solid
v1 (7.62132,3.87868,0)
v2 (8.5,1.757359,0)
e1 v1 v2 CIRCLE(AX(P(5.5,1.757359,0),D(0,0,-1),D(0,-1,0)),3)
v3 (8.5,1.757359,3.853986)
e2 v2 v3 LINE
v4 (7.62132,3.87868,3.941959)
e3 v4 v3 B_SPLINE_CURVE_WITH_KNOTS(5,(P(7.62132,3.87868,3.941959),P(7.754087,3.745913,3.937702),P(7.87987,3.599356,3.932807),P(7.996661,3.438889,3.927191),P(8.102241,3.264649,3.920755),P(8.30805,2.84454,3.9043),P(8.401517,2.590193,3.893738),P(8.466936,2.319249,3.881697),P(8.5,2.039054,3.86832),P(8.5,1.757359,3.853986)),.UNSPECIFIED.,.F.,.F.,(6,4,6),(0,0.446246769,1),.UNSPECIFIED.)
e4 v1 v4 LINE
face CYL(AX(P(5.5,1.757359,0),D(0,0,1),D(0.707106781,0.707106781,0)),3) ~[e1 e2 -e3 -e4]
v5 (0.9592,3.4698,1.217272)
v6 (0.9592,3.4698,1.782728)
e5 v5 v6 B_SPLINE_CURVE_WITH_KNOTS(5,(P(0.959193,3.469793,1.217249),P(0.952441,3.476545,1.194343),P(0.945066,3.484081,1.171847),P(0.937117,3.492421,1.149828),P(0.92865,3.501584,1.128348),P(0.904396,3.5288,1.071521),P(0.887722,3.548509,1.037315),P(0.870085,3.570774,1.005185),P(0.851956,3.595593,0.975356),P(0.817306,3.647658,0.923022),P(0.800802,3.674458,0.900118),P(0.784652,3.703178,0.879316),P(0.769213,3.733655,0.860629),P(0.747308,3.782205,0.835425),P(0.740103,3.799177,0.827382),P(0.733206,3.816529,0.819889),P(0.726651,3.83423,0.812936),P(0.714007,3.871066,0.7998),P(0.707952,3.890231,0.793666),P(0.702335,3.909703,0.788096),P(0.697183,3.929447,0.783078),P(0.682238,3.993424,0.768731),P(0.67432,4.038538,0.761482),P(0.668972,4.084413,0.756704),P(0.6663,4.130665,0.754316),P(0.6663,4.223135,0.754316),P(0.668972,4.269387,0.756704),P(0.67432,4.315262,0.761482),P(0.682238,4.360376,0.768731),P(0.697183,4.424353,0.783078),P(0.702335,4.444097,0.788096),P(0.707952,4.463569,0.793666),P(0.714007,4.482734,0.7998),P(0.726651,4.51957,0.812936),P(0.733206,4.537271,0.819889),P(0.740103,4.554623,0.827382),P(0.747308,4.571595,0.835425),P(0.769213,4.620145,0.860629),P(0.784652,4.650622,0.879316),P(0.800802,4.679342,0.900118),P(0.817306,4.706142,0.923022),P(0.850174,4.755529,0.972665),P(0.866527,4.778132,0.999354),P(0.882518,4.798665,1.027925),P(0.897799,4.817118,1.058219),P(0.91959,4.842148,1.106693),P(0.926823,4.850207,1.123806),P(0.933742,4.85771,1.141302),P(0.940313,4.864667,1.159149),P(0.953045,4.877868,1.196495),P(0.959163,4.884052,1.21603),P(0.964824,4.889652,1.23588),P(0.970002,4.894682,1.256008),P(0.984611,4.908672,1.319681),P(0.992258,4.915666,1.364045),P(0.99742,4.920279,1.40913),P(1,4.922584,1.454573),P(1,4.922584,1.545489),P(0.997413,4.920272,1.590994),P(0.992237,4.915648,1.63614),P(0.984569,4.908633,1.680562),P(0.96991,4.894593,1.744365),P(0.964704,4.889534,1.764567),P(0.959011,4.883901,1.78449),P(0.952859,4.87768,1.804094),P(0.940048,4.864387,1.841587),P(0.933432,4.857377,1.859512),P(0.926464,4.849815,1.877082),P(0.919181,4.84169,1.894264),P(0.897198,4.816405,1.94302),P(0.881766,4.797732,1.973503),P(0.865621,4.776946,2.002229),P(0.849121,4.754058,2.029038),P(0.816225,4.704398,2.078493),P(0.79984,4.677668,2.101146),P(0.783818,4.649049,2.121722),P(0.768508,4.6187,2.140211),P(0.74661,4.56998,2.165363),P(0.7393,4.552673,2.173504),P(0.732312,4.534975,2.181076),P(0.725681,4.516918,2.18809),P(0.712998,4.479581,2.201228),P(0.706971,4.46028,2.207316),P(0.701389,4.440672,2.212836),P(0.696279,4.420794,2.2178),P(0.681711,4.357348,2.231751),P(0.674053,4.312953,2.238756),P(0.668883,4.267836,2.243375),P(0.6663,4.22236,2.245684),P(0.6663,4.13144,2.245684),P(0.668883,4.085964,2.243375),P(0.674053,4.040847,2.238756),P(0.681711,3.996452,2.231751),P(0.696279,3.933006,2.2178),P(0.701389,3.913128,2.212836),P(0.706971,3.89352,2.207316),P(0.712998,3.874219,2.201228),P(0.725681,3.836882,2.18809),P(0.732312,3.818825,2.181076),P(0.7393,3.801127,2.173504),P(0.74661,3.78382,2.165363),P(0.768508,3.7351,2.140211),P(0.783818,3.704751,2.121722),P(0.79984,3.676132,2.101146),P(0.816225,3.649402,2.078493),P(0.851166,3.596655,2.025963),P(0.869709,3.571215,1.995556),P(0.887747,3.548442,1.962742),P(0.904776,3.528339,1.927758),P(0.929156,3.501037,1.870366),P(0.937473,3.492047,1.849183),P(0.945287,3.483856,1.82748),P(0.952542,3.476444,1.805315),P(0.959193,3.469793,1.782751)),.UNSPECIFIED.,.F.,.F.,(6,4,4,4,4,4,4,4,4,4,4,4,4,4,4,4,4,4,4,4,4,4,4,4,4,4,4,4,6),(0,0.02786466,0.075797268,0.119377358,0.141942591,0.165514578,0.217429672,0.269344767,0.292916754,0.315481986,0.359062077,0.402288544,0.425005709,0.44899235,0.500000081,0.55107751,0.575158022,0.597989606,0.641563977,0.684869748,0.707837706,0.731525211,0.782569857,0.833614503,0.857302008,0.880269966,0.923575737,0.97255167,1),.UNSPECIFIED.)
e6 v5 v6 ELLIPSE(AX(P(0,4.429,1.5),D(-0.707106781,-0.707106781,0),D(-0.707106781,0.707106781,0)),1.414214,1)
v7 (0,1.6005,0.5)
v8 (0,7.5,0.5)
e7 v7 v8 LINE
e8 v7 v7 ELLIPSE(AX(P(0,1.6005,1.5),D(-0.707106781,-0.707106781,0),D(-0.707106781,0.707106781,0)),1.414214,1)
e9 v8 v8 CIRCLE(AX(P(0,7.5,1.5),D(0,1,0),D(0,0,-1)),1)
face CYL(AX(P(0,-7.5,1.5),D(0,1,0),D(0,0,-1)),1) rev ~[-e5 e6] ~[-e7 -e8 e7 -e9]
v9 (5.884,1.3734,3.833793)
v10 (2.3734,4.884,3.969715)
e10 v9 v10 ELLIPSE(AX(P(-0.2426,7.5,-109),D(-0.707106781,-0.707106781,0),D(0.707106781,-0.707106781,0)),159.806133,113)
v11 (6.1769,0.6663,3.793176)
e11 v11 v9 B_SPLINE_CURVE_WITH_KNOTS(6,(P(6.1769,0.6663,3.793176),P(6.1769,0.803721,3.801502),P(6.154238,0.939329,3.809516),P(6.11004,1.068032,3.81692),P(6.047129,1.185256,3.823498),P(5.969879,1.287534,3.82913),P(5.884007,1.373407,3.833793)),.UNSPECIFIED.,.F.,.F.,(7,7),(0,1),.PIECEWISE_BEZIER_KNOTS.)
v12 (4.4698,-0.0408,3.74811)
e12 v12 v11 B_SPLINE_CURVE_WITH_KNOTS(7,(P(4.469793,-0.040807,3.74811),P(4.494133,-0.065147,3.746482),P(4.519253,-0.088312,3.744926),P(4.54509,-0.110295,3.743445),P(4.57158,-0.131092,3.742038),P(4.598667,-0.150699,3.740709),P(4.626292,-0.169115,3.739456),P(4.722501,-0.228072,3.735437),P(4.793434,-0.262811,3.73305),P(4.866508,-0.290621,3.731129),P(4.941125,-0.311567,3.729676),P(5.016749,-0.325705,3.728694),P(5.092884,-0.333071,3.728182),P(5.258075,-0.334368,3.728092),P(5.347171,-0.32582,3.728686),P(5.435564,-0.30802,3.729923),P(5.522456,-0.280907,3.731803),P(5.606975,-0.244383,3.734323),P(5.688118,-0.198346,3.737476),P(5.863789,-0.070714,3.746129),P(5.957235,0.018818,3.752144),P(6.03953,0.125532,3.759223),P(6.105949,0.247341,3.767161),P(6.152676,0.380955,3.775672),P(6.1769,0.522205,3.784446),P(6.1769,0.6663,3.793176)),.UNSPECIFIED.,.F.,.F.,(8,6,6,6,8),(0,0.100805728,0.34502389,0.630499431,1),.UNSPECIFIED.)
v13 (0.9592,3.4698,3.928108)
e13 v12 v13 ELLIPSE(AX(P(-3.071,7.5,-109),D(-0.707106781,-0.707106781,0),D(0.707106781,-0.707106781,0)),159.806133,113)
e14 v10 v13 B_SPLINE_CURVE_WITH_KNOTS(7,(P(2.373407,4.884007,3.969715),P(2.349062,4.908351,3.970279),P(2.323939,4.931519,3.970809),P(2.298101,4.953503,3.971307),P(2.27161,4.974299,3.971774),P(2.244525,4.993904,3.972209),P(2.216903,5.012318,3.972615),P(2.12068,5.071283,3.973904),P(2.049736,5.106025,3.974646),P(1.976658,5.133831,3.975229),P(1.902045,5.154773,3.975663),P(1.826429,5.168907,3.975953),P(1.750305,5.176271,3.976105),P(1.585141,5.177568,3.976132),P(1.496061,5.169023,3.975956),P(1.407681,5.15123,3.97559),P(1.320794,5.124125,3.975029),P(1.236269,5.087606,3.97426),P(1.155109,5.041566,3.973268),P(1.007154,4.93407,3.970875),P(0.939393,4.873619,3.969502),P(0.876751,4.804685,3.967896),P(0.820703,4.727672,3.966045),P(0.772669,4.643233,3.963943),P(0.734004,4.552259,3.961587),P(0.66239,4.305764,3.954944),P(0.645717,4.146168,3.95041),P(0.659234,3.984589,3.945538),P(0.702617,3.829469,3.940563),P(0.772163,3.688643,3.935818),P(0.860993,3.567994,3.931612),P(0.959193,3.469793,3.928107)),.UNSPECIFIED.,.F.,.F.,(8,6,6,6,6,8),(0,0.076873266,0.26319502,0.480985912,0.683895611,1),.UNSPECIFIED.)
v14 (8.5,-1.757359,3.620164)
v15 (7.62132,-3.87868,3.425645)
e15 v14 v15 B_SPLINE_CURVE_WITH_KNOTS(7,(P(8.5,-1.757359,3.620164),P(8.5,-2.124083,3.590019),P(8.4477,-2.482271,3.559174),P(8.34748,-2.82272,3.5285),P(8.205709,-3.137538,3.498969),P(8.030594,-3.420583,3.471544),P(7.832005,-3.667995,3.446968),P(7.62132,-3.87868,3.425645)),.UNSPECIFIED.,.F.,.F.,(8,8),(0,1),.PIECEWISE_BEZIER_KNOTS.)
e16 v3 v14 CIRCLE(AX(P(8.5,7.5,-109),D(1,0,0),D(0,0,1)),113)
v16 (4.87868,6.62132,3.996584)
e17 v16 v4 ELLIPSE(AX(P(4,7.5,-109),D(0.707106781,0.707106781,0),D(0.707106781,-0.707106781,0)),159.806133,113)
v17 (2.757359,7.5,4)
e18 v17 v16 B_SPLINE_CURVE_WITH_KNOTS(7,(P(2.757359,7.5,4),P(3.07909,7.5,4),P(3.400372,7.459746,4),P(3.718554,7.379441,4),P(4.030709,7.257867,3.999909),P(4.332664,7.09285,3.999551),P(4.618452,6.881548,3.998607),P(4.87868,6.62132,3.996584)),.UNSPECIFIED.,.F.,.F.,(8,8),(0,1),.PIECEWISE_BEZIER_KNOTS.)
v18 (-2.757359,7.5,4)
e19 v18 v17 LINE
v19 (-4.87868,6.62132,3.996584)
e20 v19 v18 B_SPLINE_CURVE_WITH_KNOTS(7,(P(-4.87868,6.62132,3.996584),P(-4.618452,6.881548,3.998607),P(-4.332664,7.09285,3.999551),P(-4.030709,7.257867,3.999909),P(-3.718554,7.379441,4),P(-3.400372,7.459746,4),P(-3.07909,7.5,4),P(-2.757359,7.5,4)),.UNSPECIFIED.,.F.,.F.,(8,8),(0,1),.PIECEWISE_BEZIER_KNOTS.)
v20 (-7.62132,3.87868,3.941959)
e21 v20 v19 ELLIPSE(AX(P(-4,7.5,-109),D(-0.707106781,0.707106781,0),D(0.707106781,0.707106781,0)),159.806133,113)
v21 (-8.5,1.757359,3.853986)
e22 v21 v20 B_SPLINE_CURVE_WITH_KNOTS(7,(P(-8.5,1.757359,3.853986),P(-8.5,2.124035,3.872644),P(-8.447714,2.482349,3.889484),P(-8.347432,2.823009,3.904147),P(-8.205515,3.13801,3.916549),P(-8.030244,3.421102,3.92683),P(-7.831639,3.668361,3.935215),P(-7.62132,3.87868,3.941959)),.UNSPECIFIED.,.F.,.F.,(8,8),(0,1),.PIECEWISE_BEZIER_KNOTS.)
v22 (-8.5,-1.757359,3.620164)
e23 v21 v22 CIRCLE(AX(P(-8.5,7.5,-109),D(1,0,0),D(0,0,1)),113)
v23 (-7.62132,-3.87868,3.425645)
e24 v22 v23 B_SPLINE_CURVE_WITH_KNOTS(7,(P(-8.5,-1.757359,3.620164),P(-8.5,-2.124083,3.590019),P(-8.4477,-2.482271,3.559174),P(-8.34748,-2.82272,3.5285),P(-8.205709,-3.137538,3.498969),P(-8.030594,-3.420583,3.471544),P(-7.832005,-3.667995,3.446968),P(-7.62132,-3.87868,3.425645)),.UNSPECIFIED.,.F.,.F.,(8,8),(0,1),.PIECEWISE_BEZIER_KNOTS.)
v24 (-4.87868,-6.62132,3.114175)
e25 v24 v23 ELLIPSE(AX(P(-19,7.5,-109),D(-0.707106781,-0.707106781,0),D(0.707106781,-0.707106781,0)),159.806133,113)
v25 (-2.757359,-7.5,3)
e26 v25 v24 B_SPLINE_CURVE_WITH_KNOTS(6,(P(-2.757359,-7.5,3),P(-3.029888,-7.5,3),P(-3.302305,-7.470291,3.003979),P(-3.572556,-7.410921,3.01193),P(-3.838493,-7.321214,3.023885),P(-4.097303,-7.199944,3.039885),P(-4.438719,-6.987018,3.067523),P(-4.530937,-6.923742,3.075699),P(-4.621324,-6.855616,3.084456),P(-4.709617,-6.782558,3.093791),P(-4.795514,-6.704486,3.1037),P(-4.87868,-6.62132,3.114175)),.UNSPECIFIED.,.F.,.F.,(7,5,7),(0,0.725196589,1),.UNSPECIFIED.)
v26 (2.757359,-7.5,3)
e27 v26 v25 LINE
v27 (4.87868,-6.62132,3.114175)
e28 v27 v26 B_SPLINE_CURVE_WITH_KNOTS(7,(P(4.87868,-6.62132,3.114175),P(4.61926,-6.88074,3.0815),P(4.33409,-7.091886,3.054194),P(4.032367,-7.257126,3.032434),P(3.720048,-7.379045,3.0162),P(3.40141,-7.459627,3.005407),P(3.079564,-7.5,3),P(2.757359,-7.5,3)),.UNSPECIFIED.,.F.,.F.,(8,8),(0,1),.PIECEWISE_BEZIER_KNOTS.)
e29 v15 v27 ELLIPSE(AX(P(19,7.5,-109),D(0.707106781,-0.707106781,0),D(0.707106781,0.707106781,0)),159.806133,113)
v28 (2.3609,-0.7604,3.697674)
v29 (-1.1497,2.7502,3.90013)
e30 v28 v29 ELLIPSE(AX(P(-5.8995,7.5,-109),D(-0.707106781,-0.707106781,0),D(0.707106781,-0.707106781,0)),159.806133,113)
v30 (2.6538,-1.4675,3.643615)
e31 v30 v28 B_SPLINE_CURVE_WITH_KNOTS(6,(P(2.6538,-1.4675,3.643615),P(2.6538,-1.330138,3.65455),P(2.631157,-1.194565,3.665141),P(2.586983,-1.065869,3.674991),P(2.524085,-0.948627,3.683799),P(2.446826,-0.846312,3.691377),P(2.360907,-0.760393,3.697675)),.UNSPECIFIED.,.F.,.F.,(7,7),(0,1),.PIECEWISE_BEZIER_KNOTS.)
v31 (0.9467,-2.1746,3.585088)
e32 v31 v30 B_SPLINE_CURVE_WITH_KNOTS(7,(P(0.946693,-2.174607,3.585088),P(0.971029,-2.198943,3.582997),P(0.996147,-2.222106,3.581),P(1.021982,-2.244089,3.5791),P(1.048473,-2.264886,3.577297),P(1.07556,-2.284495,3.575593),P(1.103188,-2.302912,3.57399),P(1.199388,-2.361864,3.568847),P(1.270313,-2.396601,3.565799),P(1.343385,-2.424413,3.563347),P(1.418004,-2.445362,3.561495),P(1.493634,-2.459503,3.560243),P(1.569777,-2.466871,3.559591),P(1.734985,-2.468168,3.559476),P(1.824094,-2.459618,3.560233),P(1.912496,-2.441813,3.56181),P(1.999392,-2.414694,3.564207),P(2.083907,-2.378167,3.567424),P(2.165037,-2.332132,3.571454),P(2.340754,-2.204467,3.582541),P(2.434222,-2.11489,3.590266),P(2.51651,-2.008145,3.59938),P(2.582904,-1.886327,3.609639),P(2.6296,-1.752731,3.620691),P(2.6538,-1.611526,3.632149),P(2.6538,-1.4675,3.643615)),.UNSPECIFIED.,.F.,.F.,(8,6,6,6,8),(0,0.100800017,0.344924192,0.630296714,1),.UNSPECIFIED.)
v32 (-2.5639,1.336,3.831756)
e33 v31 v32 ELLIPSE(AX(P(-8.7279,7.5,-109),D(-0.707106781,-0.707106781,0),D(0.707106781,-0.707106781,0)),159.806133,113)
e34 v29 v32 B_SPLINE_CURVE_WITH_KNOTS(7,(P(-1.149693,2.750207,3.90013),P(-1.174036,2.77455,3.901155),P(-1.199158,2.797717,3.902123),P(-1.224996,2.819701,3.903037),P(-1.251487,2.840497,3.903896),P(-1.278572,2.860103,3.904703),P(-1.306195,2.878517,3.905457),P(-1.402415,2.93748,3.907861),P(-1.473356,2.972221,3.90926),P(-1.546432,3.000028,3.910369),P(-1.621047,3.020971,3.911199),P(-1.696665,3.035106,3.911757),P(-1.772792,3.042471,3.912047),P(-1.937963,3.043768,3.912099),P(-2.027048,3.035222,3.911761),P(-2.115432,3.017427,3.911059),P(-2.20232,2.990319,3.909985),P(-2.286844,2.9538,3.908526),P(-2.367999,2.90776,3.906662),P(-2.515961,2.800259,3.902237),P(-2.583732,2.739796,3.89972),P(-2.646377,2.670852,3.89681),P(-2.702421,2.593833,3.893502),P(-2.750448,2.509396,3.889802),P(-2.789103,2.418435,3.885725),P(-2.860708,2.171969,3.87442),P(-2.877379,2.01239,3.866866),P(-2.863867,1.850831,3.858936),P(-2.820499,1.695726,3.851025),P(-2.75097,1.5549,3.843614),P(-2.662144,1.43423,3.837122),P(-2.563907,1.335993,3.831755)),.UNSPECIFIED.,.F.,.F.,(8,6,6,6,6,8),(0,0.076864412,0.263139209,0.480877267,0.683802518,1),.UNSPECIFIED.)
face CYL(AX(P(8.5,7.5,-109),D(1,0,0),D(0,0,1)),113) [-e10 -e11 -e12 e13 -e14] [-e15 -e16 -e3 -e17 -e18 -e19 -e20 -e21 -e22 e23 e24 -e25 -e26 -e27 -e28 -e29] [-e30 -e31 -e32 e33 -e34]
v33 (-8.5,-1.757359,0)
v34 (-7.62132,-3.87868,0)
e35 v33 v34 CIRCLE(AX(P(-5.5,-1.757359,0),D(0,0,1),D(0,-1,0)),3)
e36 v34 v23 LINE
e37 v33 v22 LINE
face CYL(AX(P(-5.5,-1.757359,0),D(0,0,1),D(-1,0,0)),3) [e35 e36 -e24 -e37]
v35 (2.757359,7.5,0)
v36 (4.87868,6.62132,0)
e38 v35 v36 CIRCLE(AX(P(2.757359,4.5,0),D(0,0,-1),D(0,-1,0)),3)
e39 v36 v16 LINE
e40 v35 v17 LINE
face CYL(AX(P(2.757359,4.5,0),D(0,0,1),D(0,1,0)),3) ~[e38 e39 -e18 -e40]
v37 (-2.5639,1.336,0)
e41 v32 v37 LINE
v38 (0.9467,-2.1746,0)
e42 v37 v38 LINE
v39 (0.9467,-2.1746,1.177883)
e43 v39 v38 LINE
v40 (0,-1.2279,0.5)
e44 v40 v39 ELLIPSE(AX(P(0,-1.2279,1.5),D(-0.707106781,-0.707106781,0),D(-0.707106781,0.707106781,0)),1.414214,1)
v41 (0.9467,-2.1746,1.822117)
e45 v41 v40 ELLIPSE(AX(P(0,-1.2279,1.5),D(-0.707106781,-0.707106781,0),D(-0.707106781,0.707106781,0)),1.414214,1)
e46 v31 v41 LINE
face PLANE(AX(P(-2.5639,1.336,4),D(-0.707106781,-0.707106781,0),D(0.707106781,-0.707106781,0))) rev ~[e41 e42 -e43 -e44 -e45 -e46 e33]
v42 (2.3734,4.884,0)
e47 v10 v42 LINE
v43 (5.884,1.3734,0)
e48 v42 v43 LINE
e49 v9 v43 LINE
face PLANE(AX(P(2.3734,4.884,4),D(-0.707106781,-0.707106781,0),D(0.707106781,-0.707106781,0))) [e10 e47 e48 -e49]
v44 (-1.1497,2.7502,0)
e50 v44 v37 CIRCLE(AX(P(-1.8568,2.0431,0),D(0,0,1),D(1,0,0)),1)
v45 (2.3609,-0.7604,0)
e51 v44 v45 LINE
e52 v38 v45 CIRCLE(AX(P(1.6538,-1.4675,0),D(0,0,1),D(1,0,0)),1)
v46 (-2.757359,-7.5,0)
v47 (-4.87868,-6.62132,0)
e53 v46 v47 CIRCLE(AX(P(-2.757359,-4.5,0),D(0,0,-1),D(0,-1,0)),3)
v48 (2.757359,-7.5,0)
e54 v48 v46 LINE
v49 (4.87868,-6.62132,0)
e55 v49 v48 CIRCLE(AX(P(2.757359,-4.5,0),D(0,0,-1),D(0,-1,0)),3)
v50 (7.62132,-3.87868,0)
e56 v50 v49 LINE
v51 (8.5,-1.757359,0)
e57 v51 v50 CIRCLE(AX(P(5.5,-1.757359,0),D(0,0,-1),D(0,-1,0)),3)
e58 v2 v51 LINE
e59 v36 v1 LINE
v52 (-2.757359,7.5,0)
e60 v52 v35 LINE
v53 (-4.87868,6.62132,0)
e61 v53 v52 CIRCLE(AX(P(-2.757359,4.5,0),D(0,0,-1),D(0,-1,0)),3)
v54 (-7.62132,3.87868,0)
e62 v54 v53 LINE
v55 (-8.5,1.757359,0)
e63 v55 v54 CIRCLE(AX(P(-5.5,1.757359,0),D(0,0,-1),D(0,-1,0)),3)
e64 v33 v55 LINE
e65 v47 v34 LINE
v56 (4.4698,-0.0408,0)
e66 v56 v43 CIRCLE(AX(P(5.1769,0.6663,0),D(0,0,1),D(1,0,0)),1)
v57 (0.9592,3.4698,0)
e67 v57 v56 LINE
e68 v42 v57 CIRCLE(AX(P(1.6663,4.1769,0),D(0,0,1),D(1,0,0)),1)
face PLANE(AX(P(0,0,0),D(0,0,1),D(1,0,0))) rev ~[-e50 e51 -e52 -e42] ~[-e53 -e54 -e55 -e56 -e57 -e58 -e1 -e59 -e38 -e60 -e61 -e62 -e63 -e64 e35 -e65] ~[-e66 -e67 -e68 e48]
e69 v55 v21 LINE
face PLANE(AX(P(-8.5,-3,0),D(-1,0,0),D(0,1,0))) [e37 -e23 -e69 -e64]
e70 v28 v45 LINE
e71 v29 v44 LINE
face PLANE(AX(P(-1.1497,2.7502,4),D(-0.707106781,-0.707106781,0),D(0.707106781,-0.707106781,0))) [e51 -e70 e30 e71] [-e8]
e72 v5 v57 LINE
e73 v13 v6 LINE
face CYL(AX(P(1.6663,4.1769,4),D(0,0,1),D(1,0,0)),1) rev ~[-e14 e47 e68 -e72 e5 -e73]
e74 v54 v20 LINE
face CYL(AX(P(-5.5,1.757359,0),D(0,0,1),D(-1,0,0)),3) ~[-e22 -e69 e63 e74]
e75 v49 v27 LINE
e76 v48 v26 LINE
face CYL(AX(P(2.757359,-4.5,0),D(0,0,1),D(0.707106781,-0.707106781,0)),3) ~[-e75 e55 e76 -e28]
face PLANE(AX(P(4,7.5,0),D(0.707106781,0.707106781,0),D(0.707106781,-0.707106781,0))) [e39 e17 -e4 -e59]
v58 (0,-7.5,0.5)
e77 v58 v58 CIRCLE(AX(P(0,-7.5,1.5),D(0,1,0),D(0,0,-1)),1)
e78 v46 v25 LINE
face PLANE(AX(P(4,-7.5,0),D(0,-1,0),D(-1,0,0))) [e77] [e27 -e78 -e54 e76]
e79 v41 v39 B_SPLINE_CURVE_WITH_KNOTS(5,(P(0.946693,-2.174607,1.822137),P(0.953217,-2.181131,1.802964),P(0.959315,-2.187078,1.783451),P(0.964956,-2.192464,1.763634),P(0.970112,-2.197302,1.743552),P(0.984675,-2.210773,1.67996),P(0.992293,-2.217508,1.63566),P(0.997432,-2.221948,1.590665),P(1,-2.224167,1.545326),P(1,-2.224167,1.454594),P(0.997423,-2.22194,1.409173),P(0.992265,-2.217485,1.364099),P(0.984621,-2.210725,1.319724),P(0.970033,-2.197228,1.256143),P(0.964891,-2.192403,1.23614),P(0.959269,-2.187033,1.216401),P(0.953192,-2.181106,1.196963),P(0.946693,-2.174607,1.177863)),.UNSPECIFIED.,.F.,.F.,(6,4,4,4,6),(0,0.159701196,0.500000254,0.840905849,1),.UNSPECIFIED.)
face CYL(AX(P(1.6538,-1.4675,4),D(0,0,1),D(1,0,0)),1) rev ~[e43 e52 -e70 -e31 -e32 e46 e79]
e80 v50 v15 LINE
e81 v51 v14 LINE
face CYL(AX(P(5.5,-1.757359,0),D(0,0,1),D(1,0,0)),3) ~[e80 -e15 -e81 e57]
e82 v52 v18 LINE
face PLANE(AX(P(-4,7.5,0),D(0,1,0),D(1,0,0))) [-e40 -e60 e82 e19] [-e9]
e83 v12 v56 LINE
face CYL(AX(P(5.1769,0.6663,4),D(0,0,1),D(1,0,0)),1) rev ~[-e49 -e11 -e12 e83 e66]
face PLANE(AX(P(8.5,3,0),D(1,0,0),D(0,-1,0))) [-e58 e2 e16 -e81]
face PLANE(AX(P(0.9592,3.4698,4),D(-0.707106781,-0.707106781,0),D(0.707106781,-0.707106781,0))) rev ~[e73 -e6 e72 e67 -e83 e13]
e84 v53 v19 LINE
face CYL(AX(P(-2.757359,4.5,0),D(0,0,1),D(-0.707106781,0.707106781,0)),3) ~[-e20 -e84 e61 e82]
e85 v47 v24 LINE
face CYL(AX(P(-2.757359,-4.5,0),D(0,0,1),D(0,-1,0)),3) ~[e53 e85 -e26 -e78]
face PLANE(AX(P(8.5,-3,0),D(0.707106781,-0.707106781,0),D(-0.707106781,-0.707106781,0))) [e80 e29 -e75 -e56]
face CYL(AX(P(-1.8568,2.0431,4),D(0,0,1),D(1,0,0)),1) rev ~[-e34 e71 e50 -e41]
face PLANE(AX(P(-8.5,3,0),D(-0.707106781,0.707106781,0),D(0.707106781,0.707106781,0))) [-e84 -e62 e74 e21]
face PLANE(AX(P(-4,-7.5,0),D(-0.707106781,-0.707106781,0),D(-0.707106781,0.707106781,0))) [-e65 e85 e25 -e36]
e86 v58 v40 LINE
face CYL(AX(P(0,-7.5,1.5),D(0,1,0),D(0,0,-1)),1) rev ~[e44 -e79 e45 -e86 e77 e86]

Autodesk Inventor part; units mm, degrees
ref_plane "YZ Plane" through (0, 0, 0) normal (1, 0, 0) x (0, 1, 0)
ref_plane "XZ Plane" through (0, 0, 0) normal (0, 1, 0) x (-1, 0, 0)
ref_plane "XY Plane" through (0, 0, 0) normal (0, 0, 1) x (1, 0, 0)
sketch "Base" plane through (0, 0, 0) normal (0, 0, 1) x (1, 0, 0)
  line L0 (-8.5, -3) -> (-8.5, 3)
  line L1 (-8.5, 3) -> (-4, 7.5)
  line L2 (-4, 7.5) -> (4, 7.5)
  line L3 (4, 7.5) -> (8.5, 3)
  line L4 (8.5, 3) -> (8.5, -3)
  line L5 (8.5, -3) -> (4, -7.5)
  line L6 (4, -7.5) -> (-4, -7.5)
  line L7 (-4, -7.5) -> (-8.5, -3)
  line L8 (-8.5, 0) -> (8.5, 0) construction
  line L9 (0, 7.5) -> (0, -7.5) construction
  point P0 (0, 0)
  point P1 (0, 0)
  dimension "d1" = 17
  dimension "d5" = 15
  dimension "d7" = 6
extrude "BaseFeature" add sketch "Base" along normal blind 4
fillet "BaseFilletsFeature" radius 3 8 edges at (-8.5, -3, 2) (-4, -7.5, 2) (4, -7.5, 2) (8.5, -3, 2) (8.5, 3, 2) (4, 7.5, 2) (-4, 7.5, 2) (-8.5, 3, 2)
sketch "RailHoles" plane through (0, 0, 4) normal (0, 0, 1) x (1, 0, 0)
  line L0 (1.6663, 4.1769) -> (5.1769, 0.6663) construction
  line L1 (-1.8568, 2.0431) -> (1.6538, -1.4675) construction
  line L2 (7.6213, 3.8787) -> (4.8787, 6.6213) construction
  line L3 (6.25, 5.25) -> (3.4216, 2.4216) construction
  circle A0 centre (1.6663, 4.1769) radius 1
  circle A1 centre (5.1769, 0.6663) radius 1
  circle A2 centre (-1.8568, 2.0431) radius 1
  circle A3 centre (1.6538, -1.4675) radius 1
  line L4 (2.3734, 4.884) -> (5.884, 1.3734)
  line L5 (0.9592, 3.4698) -> (4.4698, -0.0408)
  line L6 (-1.1497, 2.7502) -> (2.3609, -0.7604)
  line L7 (-2.5639, 1.336) -> (0.9467, -2.1746)
  dimension "d11" = 4
  dimension "d12" = 4
  dimension "d13" = 4.9647
  dimension "d14" = 2
  dimension "d15" = 1.5
  dimension "d25" = 3.8787
extrude "RailHolesFeature" cut sketch "RailHoles" against normal through all
sketch "RouteHole" plane through (-2.7574, -7.5, 0) normal (0, -1, 0) x (1, 0, 0)
  line L0 (5.5147, 4) -> (5.5147, 0) construction
  line L1 (0, 4) -> (5.5147, 4) construction
  line L2 (0, 0) -> (0, 4) construction
  line L3 (5.5147, 0) -> (0, 0) construction
  line L4 (0, 4) -> (0, 0) construction
  line L5 (0, 4) -> (5.5147, 4) construction
  line L6 (2.7574, 4) -> (2.7574, 0) construction
  line L7 (5.5147, 0) -> (0, 0) construction
  circle A0 centre (2.7574, 1.5) radius 1.25
  dimension "d40" = 2.5
  dimension "d41" = 1.5
hole "RouteHoleFeature" at (0, -7.5, 1.5) direction (0, 1, 0) diameter 2 end through all
sketch "SideProfile" plane through (8.5, -1.7574, 0) normal (1, 0, 0) x (0, 0, -1)
  arc A0 (-4, 9.2574) -> (-3, -5.7426) centre (109, 9.2574) ccw
  line L0 (-4, -5.7426) -> (0, -5.7426) construction
  line L1 (0, 9.2574) -> (-4, 9.2574) construction
  line L2 (-3, -5.7426) -> (0, -5.7426)
  line L3 (0, 9.2574) -> (0, -5.7426)
  line L4 (0, 9.2574) -> (0, 8.3787) projected
  line L5 (0, 9.2574) -> (-4, 9.2574)
  line L6 (-4, -2.1213) -> (-4, 0) construction
  dimension "d36" = 4
  dimension "d39" = 3
extrude "SideProfileFeature" cut sketch "SideProfile" against normal through all keep common part
equation "\"d7\" = 0.4 * d5"
equation "\"d12\" = 2 * d14"
equation "\"d13\" = 1.28 * d25"
properties part number "MiddleRouter"
